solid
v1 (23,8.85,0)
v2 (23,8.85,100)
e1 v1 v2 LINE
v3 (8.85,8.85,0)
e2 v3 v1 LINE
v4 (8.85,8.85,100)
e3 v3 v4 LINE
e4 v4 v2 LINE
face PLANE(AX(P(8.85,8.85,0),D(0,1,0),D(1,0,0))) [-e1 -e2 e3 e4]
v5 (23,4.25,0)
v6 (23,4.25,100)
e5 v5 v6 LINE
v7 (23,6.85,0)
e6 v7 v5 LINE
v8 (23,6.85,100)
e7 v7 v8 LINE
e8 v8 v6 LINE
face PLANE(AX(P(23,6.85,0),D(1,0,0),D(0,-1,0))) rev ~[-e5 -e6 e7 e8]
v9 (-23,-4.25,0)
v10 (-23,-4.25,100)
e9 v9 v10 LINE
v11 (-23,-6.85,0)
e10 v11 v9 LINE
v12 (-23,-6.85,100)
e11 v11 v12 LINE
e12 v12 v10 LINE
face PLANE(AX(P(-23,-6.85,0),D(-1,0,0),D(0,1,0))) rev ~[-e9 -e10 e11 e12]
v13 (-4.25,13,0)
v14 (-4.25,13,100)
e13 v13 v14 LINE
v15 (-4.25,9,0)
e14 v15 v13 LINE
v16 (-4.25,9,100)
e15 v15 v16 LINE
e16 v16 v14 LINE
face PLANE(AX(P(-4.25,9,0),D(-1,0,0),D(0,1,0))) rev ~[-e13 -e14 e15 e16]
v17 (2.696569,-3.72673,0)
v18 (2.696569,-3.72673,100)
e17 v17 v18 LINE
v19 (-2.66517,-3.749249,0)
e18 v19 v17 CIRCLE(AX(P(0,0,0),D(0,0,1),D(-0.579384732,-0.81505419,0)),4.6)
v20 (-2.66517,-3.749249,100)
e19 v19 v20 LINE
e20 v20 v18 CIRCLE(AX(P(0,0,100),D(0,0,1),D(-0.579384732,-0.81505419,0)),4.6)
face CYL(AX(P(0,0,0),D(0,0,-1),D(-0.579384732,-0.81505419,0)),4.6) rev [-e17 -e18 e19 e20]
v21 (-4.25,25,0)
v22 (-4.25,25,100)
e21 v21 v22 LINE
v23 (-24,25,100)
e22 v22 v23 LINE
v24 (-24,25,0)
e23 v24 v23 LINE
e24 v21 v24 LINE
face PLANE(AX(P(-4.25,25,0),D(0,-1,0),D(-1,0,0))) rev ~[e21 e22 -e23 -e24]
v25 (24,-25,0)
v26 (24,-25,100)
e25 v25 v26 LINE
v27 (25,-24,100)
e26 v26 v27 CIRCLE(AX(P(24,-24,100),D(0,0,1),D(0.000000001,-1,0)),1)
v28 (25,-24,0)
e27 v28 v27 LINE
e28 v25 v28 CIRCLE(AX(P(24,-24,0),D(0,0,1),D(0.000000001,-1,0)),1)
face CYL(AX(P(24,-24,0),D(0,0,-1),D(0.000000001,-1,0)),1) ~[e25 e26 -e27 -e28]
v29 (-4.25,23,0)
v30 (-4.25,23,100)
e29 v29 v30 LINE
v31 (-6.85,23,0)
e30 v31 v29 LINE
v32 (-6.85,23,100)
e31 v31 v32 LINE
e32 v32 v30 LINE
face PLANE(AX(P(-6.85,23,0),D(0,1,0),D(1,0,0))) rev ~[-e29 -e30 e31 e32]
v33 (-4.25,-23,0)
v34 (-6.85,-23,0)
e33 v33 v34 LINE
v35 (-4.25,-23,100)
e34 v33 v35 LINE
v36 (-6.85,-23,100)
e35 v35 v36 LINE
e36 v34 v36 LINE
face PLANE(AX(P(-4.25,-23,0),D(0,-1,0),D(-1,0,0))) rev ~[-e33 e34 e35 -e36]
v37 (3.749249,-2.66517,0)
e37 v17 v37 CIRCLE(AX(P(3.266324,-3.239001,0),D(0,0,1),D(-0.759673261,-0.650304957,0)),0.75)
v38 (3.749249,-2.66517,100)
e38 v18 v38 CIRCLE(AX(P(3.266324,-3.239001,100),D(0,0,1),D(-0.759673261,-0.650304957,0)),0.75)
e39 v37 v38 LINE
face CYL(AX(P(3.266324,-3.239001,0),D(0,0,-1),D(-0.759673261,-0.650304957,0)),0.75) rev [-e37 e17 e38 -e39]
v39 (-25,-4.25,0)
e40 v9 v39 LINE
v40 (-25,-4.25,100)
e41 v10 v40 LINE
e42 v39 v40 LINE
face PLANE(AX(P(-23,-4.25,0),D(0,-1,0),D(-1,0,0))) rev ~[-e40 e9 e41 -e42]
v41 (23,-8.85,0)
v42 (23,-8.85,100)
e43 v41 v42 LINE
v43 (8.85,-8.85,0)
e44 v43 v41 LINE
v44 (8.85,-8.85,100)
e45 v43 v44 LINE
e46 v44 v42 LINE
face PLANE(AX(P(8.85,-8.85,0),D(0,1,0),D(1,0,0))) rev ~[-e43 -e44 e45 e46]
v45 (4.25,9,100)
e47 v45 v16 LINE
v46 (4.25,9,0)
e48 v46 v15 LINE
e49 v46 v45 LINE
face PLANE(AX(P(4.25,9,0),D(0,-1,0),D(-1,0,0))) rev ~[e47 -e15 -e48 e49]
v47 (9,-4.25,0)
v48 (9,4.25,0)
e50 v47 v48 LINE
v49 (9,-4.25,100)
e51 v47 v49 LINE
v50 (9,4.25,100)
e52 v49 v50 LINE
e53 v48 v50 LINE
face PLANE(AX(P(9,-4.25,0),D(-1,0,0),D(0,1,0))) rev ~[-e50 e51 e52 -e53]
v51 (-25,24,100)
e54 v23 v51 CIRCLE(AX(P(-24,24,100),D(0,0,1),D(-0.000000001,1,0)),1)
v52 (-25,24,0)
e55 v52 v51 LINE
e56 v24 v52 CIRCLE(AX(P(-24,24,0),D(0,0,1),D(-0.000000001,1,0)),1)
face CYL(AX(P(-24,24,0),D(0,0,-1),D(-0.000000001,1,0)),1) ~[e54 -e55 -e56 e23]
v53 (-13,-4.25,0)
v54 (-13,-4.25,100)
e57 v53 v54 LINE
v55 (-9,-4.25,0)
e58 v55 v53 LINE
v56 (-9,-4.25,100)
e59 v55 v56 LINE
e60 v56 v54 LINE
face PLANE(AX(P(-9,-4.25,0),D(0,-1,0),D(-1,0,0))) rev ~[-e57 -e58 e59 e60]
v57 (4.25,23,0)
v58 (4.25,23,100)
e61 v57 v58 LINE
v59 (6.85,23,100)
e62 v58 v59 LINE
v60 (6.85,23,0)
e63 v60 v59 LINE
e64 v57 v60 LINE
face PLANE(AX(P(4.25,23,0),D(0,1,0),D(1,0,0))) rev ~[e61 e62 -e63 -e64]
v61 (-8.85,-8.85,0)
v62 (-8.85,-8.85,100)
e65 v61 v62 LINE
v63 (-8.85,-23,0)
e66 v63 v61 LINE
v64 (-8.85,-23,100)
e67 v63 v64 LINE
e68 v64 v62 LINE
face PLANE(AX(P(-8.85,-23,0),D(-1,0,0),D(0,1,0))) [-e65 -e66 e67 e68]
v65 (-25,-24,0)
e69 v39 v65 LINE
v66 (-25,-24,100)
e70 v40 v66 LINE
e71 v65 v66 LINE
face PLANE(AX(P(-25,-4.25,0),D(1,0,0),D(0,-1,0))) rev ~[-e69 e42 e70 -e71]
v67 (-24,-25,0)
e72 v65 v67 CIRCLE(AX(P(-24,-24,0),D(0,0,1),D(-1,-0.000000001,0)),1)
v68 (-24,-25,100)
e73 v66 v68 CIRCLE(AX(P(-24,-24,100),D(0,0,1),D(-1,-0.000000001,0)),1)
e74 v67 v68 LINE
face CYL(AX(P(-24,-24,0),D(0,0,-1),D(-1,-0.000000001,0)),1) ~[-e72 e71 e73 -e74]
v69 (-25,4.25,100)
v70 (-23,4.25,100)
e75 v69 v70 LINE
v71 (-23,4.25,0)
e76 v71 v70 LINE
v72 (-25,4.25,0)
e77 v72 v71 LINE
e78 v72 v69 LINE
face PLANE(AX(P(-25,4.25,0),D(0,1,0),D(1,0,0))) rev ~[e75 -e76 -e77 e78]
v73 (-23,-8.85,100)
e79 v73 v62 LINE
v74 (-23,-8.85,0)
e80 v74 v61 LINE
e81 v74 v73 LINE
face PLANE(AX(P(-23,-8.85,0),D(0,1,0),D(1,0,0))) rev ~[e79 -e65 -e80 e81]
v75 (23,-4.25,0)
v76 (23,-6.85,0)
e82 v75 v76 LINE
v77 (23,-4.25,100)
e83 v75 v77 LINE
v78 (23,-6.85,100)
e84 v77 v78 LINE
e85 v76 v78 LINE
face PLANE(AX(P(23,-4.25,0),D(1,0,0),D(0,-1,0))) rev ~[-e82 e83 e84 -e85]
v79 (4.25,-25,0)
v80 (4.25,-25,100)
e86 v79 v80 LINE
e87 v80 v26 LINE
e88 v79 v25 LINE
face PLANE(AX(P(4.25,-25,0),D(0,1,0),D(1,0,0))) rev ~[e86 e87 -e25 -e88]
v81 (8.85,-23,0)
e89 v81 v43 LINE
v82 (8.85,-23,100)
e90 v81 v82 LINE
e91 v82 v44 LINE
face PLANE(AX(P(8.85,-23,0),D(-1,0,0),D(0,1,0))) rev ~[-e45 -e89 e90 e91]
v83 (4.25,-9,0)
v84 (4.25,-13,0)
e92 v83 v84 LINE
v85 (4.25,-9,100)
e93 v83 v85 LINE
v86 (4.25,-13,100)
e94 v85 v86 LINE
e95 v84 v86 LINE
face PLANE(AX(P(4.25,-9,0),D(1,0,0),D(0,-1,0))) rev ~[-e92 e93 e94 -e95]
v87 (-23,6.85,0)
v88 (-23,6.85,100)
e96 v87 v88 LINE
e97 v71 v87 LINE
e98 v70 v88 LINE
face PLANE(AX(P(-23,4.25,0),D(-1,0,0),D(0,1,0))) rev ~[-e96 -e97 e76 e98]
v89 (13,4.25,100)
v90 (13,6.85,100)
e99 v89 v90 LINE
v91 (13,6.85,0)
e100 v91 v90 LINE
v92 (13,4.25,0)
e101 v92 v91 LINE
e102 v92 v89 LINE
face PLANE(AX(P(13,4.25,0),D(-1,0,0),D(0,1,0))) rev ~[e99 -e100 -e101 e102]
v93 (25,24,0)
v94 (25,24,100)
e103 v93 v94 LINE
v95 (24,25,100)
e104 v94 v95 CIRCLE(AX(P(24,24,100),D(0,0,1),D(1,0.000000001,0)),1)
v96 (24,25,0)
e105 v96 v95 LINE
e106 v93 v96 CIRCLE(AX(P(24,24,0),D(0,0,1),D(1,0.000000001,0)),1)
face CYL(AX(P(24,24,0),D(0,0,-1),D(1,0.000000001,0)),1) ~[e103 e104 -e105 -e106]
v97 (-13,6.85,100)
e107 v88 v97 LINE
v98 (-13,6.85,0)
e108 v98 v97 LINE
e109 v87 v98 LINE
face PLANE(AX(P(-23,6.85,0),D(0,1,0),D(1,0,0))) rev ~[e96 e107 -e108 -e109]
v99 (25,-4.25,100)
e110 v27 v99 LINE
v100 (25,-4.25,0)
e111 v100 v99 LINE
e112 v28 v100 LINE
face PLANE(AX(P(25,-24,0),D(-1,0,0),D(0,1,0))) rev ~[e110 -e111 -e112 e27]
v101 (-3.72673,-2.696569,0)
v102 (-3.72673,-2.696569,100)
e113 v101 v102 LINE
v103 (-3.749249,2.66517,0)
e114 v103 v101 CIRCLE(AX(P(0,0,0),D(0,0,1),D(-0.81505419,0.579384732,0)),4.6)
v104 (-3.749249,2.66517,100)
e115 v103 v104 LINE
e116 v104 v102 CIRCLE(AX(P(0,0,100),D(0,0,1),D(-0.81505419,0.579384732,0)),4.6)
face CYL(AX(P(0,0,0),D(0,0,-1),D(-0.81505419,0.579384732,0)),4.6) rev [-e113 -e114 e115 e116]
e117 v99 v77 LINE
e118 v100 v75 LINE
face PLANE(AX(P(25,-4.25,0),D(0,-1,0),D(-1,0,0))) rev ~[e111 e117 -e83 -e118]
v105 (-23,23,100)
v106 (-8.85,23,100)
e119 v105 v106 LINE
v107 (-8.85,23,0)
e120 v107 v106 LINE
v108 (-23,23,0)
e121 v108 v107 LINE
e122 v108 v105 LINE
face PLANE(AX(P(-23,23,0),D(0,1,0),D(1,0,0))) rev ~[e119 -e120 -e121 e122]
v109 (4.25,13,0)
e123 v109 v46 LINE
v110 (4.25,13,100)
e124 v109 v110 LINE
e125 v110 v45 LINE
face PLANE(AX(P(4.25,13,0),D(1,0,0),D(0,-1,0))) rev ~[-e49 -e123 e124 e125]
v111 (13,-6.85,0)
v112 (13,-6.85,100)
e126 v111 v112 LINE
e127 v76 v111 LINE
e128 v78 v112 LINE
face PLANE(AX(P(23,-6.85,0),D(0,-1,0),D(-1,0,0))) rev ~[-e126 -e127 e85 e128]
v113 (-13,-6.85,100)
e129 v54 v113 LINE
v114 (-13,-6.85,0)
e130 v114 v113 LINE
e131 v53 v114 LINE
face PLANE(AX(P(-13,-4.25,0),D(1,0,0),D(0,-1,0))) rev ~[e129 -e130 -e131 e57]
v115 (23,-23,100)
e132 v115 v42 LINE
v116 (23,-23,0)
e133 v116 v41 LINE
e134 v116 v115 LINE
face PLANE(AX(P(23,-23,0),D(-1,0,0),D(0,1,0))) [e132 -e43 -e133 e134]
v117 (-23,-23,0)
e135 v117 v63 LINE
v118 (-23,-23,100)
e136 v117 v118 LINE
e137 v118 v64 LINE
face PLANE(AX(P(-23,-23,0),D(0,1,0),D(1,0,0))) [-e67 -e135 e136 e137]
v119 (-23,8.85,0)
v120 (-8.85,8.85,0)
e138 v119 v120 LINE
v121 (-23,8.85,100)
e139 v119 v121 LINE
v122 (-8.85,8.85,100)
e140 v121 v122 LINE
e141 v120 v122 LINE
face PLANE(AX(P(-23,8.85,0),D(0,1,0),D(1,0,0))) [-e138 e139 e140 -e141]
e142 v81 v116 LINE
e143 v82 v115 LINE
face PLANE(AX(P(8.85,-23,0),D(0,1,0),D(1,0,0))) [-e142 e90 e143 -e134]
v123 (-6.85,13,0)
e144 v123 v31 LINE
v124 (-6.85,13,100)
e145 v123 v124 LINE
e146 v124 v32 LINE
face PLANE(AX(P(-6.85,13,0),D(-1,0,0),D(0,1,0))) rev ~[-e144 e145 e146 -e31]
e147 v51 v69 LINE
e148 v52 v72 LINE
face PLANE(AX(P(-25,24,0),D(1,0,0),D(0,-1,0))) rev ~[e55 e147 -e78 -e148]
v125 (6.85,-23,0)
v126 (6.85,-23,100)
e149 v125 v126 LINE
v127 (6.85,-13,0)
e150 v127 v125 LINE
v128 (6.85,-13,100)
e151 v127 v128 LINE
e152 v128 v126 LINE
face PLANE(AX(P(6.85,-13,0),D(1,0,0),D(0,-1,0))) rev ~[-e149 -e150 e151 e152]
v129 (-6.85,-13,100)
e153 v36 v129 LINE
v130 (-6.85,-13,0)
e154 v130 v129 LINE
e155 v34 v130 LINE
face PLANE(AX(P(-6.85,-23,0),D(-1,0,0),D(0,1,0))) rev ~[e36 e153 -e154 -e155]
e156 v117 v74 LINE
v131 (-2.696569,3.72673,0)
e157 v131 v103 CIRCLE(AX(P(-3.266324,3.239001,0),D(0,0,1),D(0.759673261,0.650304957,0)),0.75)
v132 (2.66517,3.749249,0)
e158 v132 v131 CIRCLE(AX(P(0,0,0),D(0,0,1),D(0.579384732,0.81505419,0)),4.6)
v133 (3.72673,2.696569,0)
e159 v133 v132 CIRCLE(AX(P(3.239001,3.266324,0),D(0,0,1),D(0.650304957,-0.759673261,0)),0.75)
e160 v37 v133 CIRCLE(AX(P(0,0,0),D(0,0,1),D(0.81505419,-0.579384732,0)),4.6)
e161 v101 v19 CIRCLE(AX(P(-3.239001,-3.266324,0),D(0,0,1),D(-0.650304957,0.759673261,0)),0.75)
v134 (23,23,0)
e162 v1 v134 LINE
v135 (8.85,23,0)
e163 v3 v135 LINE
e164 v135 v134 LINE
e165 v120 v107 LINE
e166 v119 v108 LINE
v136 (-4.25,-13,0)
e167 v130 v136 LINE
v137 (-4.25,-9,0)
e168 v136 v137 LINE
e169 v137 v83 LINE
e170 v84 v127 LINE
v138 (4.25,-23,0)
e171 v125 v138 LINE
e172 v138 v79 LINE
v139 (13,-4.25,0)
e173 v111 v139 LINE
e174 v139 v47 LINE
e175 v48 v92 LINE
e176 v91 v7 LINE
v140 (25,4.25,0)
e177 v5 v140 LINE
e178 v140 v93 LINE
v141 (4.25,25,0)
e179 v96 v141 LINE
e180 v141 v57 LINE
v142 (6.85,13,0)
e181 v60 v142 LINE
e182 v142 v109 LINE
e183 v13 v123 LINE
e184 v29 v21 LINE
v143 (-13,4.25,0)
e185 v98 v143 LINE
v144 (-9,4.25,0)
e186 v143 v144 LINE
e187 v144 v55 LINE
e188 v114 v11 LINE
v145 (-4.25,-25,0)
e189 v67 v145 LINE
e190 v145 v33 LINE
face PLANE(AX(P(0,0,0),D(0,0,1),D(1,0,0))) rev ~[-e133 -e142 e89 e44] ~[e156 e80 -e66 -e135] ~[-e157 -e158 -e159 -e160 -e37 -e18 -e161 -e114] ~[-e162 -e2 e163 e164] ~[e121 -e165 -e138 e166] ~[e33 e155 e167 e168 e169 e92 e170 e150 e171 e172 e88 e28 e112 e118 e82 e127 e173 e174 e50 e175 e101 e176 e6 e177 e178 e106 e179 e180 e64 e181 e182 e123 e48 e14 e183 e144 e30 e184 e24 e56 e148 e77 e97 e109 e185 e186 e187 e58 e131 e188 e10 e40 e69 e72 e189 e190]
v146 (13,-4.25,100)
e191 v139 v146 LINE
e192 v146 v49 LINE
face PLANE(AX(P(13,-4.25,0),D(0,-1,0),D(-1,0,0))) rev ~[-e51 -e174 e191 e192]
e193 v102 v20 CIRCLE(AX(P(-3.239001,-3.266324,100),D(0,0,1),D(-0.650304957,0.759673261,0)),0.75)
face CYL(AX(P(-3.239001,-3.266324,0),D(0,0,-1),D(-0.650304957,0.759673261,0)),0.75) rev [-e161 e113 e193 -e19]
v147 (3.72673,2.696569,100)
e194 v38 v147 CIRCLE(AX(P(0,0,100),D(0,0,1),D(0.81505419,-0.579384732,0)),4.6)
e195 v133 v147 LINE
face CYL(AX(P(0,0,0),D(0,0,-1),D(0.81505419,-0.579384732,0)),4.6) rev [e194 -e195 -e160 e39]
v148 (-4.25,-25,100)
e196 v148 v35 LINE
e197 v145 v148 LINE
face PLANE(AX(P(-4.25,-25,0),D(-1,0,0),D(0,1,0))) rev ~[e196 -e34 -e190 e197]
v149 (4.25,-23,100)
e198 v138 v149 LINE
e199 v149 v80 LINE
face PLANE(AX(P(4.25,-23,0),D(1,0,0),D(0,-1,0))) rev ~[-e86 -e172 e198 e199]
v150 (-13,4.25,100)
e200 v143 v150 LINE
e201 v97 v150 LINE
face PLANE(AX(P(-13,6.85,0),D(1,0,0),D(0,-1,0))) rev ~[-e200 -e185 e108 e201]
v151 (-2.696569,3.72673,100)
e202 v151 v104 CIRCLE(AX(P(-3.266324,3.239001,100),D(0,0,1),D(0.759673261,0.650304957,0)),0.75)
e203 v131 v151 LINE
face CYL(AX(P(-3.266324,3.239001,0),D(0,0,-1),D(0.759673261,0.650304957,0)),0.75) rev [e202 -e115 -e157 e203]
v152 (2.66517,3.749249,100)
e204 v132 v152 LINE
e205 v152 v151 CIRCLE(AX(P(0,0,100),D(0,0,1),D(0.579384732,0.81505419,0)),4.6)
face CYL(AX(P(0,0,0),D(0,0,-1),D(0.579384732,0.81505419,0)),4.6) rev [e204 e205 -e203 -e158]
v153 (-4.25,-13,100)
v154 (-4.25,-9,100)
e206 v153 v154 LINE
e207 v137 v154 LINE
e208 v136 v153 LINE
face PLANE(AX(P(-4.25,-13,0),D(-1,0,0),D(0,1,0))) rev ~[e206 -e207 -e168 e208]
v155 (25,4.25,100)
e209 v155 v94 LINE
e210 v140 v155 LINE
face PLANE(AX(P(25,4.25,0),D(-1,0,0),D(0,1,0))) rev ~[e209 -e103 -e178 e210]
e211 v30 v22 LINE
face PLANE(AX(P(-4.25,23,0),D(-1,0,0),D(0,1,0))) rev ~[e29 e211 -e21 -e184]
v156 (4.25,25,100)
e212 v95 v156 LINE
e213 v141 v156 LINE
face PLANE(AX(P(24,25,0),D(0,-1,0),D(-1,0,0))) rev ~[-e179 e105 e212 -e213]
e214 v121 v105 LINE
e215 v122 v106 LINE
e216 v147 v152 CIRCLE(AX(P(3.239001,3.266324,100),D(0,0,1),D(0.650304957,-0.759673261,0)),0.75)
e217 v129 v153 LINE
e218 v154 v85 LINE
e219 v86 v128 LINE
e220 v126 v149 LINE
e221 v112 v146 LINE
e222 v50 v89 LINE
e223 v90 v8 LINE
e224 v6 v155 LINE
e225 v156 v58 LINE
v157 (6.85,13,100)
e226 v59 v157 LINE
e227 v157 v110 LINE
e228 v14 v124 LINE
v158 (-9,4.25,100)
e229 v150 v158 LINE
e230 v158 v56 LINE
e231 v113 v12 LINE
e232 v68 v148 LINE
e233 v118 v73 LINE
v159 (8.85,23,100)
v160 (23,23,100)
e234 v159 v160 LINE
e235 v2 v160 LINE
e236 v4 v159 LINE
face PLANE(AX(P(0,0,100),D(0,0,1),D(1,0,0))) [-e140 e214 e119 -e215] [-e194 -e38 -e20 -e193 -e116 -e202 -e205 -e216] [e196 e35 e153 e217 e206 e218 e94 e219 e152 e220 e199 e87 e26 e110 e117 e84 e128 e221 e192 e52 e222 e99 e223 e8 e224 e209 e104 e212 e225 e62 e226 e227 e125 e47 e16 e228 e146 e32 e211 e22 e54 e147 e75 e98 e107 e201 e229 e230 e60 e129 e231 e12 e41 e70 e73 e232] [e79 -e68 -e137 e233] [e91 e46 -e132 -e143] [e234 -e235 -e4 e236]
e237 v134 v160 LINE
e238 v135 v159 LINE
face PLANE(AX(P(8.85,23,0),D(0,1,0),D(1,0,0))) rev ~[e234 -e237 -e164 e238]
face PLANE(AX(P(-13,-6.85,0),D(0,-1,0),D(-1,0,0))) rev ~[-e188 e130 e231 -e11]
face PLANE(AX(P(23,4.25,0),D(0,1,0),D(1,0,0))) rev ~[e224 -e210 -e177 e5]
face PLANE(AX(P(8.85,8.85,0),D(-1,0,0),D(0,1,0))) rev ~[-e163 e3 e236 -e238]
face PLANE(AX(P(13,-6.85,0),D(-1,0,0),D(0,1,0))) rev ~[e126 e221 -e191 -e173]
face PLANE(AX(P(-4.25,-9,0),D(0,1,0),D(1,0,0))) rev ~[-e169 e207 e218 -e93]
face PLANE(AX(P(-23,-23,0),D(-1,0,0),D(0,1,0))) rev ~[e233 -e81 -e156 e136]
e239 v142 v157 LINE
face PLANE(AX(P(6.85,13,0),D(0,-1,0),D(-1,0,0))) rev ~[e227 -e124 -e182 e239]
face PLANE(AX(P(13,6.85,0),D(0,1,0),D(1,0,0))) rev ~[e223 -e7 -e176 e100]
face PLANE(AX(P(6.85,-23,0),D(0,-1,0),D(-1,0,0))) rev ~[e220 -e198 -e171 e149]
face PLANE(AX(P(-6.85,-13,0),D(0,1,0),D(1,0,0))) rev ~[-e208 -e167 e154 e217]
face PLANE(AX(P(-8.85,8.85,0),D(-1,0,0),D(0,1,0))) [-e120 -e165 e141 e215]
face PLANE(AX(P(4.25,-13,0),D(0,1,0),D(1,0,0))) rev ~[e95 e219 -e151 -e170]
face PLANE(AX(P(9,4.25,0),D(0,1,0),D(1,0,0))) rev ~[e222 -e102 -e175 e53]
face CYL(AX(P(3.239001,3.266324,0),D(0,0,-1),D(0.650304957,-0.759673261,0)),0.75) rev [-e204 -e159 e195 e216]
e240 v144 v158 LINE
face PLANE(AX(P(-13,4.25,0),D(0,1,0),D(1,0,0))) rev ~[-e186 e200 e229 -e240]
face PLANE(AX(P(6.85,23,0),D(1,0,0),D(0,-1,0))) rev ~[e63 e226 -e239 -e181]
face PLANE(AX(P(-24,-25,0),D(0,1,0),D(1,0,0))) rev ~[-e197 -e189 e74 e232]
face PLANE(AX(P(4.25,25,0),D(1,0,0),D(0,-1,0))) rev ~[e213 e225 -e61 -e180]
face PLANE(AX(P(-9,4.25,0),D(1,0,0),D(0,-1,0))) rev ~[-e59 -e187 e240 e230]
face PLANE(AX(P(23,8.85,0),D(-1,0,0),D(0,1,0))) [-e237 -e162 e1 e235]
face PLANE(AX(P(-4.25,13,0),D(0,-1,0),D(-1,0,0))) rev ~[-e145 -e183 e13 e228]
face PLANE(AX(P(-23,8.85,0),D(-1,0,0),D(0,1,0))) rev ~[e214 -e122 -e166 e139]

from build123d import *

# Parameters (mm, degrees)
SKETCH_1_W      = 14.15
SKETCH_1_H      = 14.15
EXTRUDE_1_DEPTH = 100


with BuildPart() as part:
    # 草图1 → 凸台-拉伸1 (new body)
    with BuildSketch(Plane.XY):
        with BuildLine():
            Line((-25, 24), (-25, 4.25))
            Line((-25, 4.25), (-23, 4.25))
            Line((-23, 4.25), (-23, 6.85))
            Line((-23, 6.85), (-13, 6.85))
            Line((-13, 6.85), (-13, 4.25))
            Line((-13, 4.25), (-9, 4.25))
            Line((-9, 4.25), (-9, -4.25))
            Line((-9, -4.25), (-13, -4.25))
            Line((-13, -4.25), (-13, -6.85))
            Line((-13, -6.85), (-23, -6.85))
            Line((-23, -6.85), (-23, -4.25))
            Line((-23, -4.25), (-25, -4.25))
            Line((-25, -4.25), (-25, -24))
            ThreePointArc((-25, -24), (-24.707106781, -24.707106781), (-24, -25))
            Line((-24, -25), (-4.25, -25))
            Line((-4.25, -25), (-4.25, -23))
            Line((-4.25, -23), (-6.85, -23))
            Line((-6.85, -23), (-6.85, -13))
            Line((-6.85, -13), (-4.25, -13))
            Line((-4.25, -13), (-4.25, -9))
            Line((-4.25, -9), (4.25, -9))
            Line((4.25, -9), (4.25, -13))
            Line((4.25, -13), (6.85, -13))
            Line((6.85, -13), (6.85, -23))
            Line((6.85, -23), (4.25, -23))
            Line((4.25, -23), (4.25, -25))
            Line((4.25, -25), (24, -25))
            ThreePointArc((24, -25), (24.707106781, -24.707106781), (25, -24))
            Line((25, -24), (25, -4.25))
            Line((25, -4.25), (23, -4.25))
            Line((23, -4.25), (23, -6.85))
            Line((23, -6.85), (13, -6.85))
            Line((13, -6.85), (13, -4.25))
            Line((13, -4.25), (9, -4.25))
            Line((9, -4.25), (9, 4.25))
            Line((9, 4.25), (13, 4.25))
            Line((13, 4.25), (13, 6.85))
            Line((13, 6.85), (23, 6.85))
            Line((23, 6.85), (23, 4.25))
            Line((23, 4.25), (25, 4.25))
            Line((25, 4.25), (25, 24))
            ThreePointArc((25, 24), (24.707106781, 24.707106781), (24, 25))
            Line((24, 25), (4.25, 25))
            Line((4.25, 25), (4.25, 23))
            Line((4.25, 23), (6.85, 23))
            Line((6.85, 23), (6.85, 13))
            Line((6.85, 13), (4.25, 13))
            Line((4.25, 13), (4.25, 9))
            Line((4.25, 9), (-4.25, 9))
            Line((-4.25, 9), (-4.25, 13))
            Line((-4.25, 13), (-6.85, 13))
            Line((-6.85, 13), (-6.85, 23))
            Line((-6.85, 23), (-4.25, 23))
            Line((-4.25, 23), (-4.25, 25))
            Line((-4.25, 25), (-24, 25))
            ThreePointArc((-24, 25), (-24.707106781, 24.707106781), (-25, 24))
        make_face()
        with Locations((15.925, 15.925)):
            Rectangle(SKETCH_1_W, SKETCH_1_H, mode=Mode.SUBTRACT)
        with Locations((15.925, -15.925)):
            Rectangle(SKETCH_1_W, SKETCH_1_H, mode=Mode.SUBTRACT)
        with Locations((-15.925, -15.925)):
            Rectangle(SKETCH_1_W, SKETCH_1_H, mode=Mode.SUBTRACT)
        with Locations((-15.925, 15.925)):
            Rectangle(SKETCH_1_W, SKETCH_1_H, mode=Mode.SUBTRACT)
        with BuildLine():
            ThreePointArc((-3.749249273, 2.665169767), (-4.599959429, -0.019319679), (-3.726730147, -2.696568636))
            ThreePointArc((-3.726730147, -2.696568636), (-3.767099489, -3.798876339), (-2.665169767, -3.749249273))
            ThreePointArc((-2.665169767, -3.749249273), (0.019319679, -4.599959429), (2.696568636, -3.726730147))
            ThreePointArc((2.696568636, -3.726730147), (3.798876339, -3.767099489), (3.749249273, -2.665169767))
            ThreePointArc((3.749249273, -2.665169767), (4.599959429, 0.019319679), (3.726730147, 2.696568636))
            ThreePointArc((3.726730147, 2.696568636), (3.767099489, 3.798876339), (2.665169767, 3.749249273))
            ThreePointArc((2.665169767, 3.749249273), (-0.019319679, 4.599959429), (-2.696568636, 3.726730147))
            ThreePointArc((-2.696568636, 3.726730147), (-3.798876339, 3.767099489), (-3.749249273, 2.665169767))
        make_face(mode=Mode.SUBTRACT)
    extrude(amount=EXTRUDE_1_DEPTH)


solid = part.part
